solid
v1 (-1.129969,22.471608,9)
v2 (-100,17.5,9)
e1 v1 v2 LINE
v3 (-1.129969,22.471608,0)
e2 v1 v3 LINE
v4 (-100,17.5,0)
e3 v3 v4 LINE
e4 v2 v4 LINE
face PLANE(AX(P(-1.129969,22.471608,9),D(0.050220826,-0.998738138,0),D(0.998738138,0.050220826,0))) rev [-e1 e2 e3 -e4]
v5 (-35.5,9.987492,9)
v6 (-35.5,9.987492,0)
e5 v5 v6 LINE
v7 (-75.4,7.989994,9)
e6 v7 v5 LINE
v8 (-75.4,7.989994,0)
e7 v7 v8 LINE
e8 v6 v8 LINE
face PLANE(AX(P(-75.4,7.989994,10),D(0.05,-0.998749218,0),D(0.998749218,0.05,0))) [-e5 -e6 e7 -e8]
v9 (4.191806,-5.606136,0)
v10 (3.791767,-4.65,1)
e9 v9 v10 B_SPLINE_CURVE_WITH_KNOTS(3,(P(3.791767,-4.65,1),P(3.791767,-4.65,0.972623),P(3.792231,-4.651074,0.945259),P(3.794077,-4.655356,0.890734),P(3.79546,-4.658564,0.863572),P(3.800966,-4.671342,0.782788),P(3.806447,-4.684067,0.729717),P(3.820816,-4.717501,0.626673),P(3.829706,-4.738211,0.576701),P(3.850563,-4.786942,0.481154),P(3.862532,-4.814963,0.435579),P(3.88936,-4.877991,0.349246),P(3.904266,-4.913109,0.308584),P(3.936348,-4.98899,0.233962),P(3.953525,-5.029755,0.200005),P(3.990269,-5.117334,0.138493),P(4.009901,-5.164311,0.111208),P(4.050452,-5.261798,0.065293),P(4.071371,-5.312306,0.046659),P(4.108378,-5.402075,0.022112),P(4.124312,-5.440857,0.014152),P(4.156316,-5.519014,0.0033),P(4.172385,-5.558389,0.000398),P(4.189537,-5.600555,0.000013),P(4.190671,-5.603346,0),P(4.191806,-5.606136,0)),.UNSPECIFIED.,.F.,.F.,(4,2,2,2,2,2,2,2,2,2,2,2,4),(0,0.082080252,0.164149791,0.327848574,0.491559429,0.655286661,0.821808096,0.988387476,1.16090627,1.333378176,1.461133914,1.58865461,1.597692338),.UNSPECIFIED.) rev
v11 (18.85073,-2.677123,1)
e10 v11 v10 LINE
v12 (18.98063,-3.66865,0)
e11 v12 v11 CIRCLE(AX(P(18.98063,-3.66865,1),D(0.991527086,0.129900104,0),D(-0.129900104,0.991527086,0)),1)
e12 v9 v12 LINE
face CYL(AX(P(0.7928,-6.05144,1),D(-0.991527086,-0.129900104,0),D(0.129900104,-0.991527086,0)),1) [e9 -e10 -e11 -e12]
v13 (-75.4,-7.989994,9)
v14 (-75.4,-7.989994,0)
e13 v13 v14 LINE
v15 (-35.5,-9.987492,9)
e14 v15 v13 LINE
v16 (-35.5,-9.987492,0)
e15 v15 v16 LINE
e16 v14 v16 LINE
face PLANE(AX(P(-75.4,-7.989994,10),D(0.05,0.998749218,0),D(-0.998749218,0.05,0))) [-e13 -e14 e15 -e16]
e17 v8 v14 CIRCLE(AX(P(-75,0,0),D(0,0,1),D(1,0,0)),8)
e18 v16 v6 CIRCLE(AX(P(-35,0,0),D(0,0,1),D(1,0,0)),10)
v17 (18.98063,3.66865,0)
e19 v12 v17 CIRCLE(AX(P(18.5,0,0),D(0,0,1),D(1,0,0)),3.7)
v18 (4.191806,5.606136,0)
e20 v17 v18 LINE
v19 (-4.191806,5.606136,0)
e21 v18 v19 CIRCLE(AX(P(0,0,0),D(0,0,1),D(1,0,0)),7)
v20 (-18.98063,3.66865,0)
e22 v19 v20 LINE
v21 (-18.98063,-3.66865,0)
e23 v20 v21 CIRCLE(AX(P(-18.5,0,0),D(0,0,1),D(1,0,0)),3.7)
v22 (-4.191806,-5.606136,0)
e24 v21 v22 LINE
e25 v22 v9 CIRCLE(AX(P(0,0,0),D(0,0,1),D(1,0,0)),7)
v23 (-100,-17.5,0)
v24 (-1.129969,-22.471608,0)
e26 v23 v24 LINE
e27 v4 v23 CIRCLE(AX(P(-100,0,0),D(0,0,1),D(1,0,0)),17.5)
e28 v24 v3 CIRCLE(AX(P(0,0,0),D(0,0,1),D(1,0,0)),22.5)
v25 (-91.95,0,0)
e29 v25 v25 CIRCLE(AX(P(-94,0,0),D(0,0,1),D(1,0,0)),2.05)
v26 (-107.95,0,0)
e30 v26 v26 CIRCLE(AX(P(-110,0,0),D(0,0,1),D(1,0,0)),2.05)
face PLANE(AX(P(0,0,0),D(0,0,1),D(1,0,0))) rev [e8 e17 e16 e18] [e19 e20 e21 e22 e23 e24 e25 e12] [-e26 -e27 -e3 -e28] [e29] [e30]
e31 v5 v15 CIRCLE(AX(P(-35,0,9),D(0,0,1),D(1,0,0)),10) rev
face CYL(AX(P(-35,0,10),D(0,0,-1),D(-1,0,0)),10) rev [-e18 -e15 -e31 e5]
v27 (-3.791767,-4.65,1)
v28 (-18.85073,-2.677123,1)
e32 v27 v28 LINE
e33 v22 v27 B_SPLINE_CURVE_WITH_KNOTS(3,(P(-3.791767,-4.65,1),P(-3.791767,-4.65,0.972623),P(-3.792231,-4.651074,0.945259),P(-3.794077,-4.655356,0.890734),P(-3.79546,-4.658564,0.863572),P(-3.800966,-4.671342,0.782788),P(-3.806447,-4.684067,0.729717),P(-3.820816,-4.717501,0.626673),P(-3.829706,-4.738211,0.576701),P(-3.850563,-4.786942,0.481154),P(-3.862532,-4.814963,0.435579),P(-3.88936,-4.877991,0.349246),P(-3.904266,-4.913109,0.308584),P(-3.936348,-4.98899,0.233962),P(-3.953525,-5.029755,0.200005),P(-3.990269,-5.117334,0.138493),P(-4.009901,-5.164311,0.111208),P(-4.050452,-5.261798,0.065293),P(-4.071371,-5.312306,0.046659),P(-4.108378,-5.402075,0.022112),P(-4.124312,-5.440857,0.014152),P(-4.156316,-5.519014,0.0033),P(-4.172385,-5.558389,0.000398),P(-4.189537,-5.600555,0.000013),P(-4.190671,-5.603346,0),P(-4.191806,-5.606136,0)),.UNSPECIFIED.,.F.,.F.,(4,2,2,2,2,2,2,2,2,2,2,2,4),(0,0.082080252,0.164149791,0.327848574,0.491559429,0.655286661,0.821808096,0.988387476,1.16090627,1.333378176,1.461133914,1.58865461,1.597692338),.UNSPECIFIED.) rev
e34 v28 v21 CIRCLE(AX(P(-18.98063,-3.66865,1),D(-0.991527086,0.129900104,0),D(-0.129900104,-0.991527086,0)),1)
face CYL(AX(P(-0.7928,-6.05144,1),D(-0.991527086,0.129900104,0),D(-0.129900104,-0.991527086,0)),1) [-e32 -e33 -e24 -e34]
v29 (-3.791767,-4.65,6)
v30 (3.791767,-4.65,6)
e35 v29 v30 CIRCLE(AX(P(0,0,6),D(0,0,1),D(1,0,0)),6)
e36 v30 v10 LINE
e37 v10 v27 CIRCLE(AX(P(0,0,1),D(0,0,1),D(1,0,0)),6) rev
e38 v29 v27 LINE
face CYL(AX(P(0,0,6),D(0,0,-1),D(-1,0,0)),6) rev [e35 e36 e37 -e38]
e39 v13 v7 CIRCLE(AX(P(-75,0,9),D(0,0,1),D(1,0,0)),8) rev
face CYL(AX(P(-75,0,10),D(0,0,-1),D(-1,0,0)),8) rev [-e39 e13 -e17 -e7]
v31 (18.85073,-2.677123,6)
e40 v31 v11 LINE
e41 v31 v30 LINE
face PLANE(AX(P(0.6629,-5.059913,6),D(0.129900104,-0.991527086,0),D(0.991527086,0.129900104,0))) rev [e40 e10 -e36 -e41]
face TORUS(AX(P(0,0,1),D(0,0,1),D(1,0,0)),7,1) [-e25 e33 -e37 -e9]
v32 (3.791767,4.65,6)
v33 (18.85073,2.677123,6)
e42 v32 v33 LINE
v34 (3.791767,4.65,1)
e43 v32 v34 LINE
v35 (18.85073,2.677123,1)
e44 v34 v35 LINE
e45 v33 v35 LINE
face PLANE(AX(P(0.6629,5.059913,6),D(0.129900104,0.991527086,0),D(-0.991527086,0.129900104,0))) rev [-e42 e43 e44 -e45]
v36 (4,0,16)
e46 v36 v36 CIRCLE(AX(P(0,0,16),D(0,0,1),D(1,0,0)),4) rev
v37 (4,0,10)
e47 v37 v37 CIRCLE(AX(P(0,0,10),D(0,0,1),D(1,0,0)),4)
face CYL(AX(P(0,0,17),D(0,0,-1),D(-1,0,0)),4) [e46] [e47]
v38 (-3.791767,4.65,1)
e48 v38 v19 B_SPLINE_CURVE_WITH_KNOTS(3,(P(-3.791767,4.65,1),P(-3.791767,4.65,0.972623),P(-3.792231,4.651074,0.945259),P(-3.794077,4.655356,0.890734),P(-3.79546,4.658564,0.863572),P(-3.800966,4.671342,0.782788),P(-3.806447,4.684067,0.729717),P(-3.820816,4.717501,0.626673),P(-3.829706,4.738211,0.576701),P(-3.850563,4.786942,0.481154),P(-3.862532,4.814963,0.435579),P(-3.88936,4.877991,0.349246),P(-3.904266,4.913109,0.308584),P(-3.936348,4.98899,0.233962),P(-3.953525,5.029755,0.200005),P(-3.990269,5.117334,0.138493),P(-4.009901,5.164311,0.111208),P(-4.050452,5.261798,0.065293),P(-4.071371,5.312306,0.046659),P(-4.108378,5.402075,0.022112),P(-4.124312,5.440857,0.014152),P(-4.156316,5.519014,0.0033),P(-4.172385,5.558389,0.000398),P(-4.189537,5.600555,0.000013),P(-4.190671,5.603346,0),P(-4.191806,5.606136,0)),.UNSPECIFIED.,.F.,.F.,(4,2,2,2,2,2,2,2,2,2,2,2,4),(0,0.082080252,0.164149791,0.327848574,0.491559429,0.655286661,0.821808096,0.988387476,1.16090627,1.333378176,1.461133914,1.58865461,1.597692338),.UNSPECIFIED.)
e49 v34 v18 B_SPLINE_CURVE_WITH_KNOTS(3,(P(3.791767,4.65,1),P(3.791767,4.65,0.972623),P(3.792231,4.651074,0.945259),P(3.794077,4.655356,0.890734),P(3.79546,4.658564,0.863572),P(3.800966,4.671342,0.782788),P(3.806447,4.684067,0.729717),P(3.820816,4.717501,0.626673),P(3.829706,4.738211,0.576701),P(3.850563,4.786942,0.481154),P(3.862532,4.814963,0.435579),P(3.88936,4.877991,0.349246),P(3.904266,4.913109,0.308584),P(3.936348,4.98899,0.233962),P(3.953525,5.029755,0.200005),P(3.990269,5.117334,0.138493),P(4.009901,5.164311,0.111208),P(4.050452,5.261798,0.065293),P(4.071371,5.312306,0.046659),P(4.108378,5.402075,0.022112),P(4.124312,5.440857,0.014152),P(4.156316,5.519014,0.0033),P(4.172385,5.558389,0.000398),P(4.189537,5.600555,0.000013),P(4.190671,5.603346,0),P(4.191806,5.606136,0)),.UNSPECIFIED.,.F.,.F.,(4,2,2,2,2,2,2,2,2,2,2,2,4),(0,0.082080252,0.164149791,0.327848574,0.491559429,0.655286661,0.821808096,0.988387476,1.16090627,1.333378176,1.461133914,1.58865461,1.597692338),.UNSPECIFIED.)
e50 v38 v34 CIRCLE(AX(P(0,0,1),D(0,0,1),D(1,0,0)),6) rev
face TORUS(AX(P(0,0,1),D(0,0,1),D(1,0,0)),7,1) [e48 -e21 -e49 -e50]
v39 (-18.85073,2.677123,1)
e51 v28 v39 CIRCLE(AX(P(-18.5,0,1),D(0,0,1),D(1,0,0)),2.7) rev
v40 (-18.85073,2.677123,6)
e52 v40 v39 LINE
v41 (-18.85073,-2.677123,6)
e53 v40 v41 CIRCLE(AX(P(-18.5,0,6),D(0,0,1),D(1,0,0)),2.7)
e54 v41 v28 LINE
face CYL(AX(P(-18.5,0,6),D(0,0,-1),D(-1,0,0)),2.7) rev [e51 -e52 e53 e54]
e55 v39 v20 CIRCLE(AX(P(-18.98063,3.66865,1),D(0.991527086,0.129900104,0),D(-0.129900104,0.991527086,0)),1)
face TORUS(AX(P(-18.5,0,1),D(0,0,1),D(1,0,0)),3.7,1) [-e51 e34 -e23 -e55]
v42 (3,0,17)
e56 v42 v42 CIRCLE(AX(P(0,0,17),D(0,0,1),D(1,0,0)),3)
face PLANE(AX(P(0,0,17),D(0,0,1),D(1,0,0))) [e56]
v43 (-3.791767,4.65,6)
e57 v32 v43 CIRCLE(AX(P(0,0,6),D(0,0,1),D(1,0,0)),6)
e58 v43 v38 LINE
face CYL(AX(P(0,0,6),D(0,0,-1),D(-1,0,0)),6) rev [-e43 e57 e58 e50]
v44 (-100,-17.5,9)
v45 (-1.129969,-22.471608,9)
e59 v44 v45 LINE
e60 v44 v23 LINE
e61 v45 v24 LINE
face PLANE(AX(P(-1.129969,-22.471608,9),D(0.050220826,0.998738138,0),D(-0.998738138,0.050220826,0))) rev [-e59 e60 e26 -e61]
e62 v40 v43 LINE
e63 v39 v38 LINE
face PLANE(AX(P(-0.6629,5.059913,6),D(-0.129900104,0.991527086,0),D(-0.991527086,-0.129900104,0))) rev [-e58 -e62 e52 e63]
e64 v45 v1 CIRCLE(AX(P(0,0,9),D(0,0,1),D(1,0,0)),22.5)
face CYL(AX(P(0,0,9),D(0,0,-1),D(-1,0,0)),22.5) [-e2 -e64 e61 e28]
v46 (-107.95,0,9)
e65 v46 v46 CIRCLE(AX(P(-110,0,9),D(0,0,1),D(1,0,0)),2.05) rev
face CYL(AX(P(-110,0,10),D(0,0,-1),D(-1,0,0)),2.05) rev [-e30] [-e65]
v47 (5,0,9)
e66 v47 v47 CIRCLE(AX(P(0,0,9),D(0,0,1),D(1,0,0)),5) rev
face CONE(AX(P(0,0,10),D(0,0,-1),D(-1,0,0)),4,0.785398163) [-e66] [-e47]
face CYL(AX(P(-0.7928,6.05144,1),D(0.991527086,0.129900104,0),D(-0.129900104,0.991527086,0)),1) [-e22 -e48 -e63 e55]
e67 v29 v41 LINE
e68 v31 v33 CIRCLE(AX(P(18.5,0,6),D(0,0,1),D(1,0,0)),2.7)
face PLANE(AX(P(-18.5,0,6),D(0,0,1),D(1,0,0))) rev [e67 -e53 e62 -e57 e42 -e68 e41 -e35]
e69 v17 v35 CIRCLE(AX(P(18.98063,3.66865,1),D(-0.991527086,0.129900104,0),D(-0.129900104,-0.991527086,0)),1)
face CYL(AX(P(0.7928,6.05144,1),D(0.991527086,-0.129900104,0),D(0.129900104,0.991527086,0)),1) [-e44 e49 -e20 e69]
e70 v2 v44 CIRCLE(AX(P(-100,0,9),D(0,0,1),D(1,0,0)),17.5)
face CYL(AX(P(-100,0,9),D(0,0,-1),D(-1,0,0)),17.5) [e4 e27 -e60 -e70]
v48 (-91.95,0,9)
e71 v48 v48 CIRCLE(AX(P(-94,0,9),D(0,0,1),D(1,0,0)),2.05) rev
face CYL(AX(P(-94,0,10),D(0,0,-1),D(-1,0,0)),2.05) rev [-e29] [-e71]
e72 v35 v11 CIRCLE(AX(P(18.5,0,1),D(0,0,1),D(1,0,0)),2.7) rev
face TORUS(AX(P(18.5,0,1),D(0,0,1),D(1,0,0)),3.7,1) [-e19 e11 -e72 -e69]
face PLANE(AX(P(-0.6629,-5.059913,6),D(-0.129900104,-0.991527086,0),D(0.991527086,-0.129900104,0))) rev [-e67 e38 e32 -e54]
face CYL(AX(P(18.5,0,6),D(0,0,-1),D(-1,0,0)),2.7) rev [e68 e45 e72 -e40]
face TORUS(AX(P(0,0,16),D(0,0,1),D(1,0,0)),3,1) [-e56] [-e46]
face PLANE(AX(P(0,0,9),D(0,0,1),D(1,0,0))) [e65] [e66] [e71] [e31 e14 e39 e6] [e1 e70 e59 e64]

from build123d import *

# Parameters (mm, degrees)
BOSS_EXTRUDE1_DEPTH = 9
BOSS_EXTRUDE2_START = 9
SKETCH3_R           = 4
BOSS_EXTRUDE2_DEPTH = 8
FILLET1_R           = 1
CHAMFER2_SIZE       = 1
CUT_EXTRUDE1_DEPTH  = 6
FILLET3_R           = 1
SKETCH6_R           = 2.05
CUT_EXTRUDE2_DEPTH  = 10


with BuildPart() as part:
    # Sketch2 → Boss-Extrude1 (new body)
    with BuildSketch(Plane(origin=(0, 0, 0), x_dir=(0, 1, 0), z_dir=(0, 0, 1))):
        with BuildLine():
            Line((22.471608109, 1.129968581), (17.5, 100))
            ThreePointArc((17.5, 100), (0, 117.5), (-17.5, 100))
            Line((-17.5, 100), (-22.471608109, 1.129968581))
            ThreePointArc((-22.471608109, 1.129968581), (0, -22.5), (22.471608109, 1.129968581))
        make_face()
    extrude(amount=BOSS_EXTRUDE1_DEPTH)

    # Sketch3 → Boss-Extrude2 (add)
    with BuildSketch(Plane(origin=(0, 0, 0), x_dir=(0, 1, 0), z_dir=(0, 0, 1)).offset(BOSS_EXTRUDE2_START)):
        with Locations(Location((0, 0, 0), (0, 0, 270))):
            Circle(SKETCH3_R)
    extrude(amount=BOSS_EXTRUDE2_DEPTH)

    # Fillet1
    fillet1_edges = [part.edges().sort_by_distance(p)[0] for p in [
        (-4, 0, 17),
    ]]
    fillet(fillet1_edges, radius=FILLET1_R)

    # Chamfer2
    chamfer2_edges = [part.edges().sort_by_distance(p)[0] for p in [
        (-4, 0, 9),
    ]]
    chamfer(chamfer2_edges, length=CHAMFER2_SIZE)

    # Sketch5 → Cut-Extrude1 (cut)
    with BuildSketch(Plane(origin=(0, 0, 0), x_dir=(0, 1, 0), z_dir=(0, 0, 1))):
        with BuildLine():
            Line((-2.677123133, -18.850730282), (-4.65, -3.791767398))
            ThreePointArc((-4.65, -3.791767398), (-6, 0), (-4.65, 3.791767398))
            Line((-4.65, 3.791767398), (-2.677123133, 18.850730282))
            ThreePointArc((-2.677123133, 18.850730282), (0, 21.2), (2.677123133, 18.850730282))
            Line((2.677123133, 18.850730282), (4.65, 3.791767398))
            ThreePointArc((4.65, 3.791767398), (6, 0), (4.65, -3.791767398))
            Line((4.65, -3.791767398), (2.677123133, -18.850730282))
            ThreePointArc((2.677123133, -18.850730282), (0, -21.2), (-2.677123133, -18.850730282))
        make_face()
    extrude(amount=CUT_EXTRUDE1_DEPTH, mode=Mode.SUBTRACT)

    # Fillet3
    fillet3_edges = [part.edges().sort_by_distance(p)[0] for p in [
        (-21.2, 0, 0),
        (0, -6, 0),
        (21.2, 0, 0),
        (0, 6, 0),
        (-11.32124884, 3.663561567, 0),
        (11.32124884, 3.663561567, 0),
        (11.32124884, -3.663561567, 0),
        (-11.32124884, -3.663561567, 0),
    ]]
    fillet(fillet3_edges, radius=FILLET3_R)

    # Sketch6 → Cut-Extrude2 (cut)
    with BuildSketch(Plane(origin=(0, 0, 0), x_dir=(0, 1, 0), z_dir=(0, 0, 1))):
        with Locations(Location((0, 110, 0), (0, 0, 270))):
            Circle(SKETCH6_R)
        with Locations(Location((0, 94, 0), (0, 0, 270))):
            Circle(SKETCH6_R)
        with BuildLine():
            Line((-7.989993742, 75.4), (-9.987492178, 35.5))
            ThreePointArc((-9.987492178, 35.5), (0, 25), (9.987492178, 35.5))
            Line((9.987492178, 35.5), (7.989993742, 75.4))
            ThreePointArc((7.989993742, 75.4), (0, 83), (-7.989993742, 75.4))
        make_face()
    extrude(amount=CUT_EXTRUDE2_DEPTH, mode=Mode.SUBTRACT)


solid = part.part
